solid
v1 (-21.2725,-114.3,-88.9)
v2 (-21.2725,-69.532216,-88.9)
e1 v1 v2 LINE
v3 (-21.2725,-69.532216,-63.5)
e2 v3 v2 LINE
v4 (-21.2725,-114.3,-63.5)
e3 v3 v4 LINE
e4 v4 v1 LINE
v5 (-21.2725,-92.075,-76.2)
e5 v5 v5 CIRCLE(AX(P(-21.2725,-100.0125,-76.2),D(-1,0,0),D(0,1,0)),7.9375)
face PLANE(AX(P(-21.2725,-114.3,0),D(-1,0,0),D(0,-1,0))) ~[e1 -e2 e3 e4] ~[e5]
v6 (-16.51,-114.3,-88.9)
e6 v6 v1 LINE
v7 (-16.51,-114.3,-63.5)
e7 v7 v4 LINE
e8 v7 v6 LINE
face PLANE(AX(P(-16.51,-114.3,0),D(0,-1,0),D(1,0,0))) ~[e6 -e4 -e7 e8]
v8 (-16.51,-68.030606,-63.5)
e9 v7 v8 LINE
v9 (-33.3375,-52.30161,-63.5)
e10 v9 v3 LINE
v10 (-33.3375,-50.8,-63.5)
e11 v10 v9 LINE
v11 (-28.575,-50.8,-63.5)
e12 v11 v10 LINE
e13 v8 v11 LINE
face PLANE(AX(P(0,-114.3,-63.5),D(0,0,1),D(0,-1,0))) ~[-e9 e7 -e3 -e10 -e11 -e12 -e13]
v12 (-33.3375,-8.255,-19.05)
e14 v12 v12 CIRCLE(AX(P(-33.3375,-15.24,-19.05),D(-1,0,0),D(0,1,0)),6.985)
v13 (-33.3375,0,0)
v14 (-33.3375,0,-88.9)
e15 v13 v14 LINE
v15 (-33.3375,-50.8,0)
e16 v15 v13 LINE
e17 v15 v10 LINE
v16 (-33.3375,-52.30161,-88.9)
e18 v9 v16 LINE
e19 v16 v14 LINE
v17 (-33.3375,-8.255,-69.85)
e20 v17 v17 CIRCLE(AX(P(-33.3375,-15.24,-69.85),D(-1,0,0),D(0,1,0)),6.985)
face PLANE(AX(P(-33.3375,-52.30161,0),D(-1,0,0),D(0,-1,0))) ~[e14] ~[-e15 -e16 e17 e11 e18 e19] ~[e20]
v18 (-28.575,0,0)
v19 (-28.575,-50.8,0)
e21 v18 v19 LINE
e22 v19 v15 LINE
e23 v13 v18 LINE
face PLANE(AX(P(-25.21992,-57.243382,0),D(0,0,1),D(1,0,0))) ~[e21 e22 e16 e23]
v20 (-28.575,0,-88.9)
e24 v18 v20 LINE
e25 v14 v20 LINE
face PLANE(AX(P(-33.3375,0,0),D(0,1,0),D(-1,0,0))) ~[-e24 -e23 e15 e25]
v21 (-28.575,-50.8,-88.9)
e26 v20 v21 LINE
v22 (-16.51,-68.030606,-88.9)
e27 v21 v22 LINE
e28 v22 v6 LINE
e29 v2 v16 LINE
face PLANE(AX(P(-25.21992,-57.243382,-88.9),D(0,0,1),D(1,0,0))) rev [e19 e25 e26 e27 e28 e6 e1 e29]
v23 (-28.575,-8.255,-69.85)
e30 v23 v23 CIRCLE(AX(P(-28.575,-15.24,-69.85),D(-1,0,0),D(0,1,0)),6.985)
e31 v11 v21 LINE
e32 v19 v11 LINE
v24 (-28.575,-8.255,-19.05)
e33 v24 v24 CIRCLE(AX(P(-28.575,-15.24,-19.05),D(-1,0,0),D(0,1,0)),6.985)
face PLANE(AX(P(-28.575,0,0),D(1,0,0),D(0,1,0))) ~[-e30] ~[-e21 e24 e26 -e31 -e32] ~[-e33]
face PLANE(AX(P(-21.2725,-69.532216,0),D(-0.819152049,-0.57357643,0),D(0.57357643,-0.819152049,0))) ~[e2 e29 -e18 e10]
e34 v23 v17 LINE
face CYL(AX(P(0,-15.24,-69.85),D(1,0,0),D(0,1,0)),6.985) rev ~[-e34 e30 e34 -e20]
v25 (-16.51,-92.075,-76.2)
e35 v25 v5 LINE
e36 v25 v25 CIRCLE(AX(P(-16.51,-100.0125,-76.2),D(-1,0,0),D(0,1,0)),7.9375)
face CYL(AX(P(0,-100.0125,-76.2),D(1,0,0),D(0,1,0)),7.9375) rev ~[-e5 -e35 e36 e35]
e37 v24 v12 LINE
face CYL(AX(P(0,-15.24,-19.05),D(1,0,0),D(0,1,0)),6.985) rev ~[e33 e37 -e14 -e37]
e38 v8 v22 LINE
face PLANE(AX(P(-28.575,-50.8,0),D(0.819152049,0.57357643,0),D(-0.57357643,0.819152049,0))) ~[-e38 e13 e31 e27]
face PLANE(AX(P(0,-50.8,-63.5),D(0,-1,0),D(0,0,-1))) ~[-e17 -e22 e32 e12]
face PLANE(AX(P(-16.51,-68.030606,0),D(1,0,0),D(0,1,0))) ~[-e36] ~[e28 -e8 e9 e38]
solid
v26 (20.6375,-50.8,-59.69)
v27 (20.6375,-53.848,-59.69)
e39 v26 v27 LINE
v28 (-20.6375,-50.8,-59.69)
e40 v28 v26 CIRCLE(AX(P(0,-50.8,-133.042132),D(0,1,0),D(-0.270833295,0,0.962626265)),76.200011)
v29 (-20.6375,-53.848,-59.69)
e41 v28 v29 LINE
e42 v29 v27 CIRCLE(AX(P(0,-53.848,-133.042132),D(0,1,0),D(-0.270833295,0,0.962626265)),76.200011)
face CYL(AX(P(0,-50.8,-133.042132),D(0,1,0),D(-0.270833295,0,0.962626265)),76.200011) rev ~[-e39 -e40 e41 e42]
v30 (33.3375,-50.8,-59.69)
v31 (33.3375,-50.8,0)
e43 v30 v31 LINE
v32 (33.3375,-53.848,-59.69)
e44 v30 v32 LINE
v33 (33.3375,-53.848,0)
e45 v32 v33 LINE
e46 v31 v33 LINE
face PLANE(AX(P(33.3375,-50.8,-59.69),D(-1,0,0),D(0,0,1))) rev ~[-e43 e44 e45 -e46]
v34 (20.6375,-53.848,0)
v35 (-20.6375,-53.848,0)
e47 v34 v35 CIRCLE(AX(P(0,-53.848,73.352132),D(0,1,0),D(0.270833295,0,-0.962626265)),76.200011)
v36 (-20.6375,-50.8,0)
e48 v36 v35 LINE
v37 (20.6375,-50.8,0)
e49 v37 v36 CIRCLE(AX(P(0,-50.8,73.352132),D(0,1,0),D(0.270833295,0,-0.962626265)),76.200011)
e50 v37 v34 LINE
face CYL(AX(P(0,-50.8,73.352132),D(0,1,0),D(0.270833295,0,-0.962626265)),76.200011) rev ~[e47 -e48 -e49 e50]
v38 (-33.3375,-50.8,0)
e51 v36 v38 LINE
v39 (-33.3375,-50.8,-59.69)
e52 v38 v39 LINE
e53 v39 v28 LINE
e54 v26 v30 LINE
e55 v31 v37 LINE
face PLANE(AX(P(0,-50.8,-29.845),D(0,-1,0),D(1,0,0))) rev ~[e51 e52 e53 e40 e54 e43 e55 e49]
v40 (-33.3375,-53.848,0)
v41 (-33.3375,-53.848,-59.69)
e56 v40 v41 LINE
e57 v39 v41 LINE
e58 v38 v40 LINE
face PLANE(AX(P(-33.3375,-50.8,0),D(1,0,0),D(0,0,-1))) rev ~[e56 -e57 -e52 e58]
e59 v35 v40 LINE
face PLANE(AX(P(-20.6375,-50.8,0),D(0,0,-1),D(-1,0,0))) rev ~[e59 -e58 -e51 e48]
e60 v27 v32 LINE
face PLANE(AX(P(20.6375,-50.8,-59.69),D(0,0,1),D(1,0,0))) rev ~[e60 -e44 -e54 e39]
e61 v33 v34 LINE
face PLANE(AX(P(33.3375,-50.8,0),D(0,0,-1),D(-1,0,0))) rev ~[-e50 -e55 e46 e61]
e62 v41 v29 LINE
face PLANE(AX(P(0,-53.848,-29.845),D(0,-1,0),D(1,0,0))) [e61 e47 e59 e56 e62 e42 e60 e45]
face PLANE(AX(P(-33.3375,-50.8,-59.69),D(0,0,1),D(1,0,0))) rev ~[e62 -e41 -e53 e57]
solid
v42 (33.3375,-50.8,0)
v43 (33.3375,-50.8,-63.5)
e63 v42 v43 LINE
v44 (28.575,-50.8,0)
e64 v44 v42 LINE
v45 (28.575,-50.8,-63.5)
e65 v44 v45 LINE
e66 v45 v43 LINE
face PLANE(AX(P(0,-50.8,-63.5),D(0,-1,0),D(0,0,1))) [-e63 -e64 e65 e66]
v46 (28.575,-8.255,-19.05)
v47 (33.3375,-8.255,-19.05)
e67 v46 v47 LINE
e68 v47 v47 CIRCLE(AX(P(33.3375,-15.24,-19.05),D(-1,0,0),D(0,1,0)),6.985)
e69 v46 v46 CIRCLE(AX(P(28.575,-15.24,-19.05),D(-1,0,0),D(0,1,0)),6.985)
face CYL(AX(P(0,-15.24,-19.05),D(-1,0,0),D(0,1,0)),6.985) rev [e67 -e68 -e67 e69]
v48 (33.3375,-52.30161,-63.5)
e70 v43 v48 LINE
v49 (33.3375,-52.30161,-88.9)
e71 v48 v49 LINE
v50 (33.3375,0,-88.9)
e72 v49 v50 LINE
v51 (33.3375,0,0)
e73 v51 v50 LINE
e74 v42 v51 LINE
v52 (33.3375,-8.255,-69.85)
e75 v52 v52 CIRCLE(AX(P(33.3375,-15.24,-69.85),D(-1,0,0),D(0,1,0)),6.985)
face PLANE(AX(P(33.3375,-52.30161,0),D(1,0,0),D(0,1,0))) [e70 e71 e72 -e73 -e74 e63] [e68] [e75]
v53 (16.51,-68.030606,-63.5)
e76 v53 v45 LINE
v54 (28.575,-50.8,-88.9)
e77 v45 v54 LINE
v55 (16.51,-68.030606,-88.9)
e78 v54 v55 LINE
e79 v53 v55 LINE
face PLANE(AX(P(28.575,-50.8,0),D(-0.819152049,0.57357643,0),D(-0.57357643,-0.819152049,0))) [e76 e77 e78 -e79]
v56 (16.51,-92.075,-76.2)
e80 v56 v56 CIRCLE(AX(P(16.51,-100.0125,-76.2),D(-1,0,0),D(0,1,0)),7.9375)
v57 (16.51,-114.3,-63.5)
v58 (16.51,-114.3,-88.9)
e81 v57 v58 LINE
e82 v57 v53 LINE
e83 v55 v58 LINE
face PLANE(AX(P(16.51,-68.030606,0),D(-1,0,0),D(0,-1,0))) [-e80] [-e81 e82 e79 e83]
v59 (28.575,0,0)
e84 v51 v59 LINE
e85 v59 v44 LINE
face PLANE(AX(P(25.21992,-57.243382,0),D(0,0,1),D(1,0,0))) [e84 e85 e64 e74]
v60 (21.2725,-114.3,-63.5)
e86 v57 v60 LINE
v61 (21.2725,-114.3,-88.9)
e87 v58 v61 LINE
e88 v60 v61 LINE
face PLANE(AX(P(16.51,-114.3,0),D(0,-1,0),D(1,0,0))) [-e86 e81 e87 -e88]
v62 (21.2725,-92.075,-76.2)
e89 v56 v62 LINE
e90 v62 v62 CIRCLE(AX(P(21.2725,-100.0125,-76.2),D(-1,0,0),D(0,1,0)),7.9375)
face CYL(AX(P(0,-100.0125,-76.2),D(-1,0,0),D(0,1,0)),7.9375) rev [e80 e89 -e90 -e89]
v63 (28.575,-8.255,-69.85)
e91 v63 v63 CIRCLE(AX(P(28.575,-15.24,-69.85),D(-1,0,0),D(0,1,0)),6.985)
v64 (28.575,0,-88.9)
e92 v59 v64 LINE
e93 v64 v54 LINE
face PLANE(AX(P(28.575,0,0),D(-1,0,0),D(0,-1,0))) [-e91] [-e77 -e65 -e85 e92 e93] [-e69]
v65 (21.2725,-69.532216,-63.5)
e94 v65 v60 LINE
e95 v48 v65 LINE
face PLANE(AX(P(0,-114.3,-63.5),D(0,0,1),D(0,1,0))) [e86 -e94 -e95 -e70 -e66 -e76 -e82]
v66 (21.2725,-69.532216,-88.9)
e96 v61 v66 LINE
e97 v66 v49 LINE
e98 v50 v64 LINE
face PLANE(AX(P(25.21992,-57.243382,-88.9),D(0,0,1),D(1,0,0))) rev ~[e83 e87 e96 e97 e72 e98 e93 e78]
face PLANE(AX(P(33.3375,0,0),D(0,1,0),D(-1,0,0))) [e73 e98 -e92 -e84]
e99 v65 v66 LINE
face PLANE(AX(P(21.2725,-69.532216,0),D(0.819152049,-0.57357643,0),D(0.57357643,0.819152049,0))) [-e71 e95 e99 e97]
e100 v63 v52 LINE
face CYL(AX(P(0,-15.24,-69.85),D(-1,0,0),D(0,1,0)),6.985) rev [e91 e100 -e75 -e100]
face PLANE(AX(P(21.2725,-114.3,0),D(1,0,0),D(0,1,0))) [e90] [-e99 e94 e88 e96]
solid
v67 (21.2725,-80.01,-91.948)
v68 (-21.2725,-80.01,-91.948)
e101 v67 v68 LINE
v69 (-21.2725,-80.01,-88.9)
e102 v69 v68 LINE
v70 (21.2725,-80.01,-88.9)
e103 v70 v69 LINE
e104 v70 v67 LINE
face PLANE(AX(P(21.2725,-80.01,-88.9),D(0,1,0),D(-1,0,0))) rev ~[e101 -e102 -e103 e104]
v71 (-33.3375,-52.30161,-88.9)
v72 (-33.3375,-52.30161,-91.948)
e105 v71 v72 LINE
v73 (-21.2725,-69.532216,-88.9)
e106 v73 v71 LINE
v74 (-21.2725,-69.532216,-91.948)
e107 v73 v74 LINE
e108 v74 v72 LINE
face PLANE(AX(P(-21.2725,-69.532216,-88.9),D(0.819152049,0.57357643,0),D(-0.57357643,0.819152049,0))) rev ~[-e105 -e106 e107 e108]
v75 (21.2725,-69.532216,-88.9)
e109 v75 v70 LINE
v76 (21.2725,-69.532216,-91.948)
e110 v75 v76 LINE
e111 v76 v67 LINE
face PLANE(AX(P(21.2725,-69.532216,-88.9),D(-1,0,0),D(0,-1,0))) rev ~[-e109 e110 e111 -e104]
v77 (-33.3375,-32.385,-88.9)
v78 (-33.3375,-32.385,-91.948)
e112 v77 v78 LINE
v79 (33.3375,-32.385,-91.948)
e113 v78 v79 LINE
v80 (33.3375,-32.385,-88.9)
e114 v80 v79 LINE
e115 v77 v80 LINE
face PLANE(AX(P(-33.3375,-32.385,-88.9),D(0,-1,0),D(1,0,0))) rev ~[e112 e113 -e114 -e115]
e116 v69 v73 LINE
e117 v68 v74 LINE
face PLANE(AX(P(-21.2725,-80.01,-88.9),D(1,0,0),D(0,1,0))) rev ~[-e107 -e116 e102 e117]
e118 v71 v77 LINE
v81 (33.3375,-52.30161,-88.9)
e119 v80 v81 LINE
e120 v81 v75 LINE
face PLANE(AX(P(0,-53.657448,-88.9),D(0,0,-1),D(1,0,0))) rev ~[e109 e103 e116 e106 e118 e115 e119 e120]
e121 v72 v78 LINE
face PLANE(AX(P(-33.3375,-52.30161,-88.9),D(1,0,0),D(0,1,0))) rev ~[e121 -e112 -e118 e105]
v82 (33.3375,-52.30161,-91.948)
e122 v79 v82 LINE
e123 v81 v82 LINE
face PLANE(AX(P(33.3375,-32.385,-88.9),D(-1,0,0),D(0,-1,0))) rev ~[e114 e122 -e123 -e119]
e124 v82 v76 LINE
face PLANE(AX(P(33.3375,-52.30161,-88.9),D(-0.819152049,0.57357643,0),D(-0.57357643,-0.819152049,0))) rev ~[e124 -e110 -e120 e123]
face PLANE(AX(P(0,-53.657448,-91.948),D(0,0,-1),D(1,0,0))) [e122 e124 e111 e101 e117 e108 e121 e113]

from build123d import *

# Parameters (mm, degrees)
F1_DEPTH = 88.9
F2_W     = 63.5
F2_H     = 63.5
F2_R     = 6.985
F2_R_2   = 7.9375
F3_DEPTH = 33.3385
F6_DEPTH = 3.048
F8_DEPTH = 3.048


with BuildPart() as f1:
    # F0 (on Top) → F1 (new body)
    with BuildSketch(Plane.XY):
        Polygon((33.3375, 0), (28.575, 0), (28.575, -50.8), (16.51, -68.030606), (16.51, -114.3), (21.2725, -114.3), (21.2725, -69.532216), (33.3375, -52.30161), align=None)
    extrude(amount=-F1_DEPTH)

    # F2 (on Right) → F3 (cut, through all)
    with BuildSketch(Plane.YZ):
        with Locations((-82.55, -31.75)):
            Rectangle(F2_W, F2_H)
        with Locations((-15.24, -19.05)):
            Circle(F2_R)
        with Locations((-15.24, -69.85)):
            Circle(F2_R)
        with Locations((-100.0125, -76.2)):
            Circle(F2_R_2)
    extrude(amount=F3_DEPTH, mode=Mode.SUBTRACT)


with BuildPart() as f4_1:
    # F4: instance of F1
    add(f1.part.mirror(Plane.YZ))


with BuildPart() as f6:
    # F5 (on face) → F6 (new body)
    with BuildSketch(Plane.XZ.offset(50.8)):
        with BuildLine():
            Line((-20.6375, 0), (-33.3375, 0))
            Line((-33.3375, 0), (-33.3375, -59.69))
            Line((-33.3375, -59.69), (-20.6375, -59.69))
            ThreePointArc((-20.6375, -59.69), (0, -56.842121), (20.6375, -59.69))
            Line((20.6375, -59.69), (33.3375, -59.69))
            Line((33.3375, -59.69), (33.3375, 0))
            Line((33.3375, 0), (20.6375, 0))
            ThreePointArc((20.6375, 0), (0, -2.847879), (-20.6375, 0))
        make_face()
    extrude(amount=F6_DEPTH)


with BuildPart() as f8:
    # F7 (on face) → F8 (new body)
    with BuildSketch(Plane(origin=(0, 0, -88.9), x_dir=(1, 0, 0), z_dir=(0, 0, -1))):
        Polygon((-33.3375, 52.30161), (-33.3375, 32.385), (33.3375, 32.385), (33.3375, 52.30161), (21.2725, 69.532216), (21.2725, 80.01), (-21.2725, 80.01), (-21.2725, 69.532216), align=None)
    extrude(amount=F8_DEPTH)


solid = Compound([f1.part, f4_1.part, f6.part, f8.part])
